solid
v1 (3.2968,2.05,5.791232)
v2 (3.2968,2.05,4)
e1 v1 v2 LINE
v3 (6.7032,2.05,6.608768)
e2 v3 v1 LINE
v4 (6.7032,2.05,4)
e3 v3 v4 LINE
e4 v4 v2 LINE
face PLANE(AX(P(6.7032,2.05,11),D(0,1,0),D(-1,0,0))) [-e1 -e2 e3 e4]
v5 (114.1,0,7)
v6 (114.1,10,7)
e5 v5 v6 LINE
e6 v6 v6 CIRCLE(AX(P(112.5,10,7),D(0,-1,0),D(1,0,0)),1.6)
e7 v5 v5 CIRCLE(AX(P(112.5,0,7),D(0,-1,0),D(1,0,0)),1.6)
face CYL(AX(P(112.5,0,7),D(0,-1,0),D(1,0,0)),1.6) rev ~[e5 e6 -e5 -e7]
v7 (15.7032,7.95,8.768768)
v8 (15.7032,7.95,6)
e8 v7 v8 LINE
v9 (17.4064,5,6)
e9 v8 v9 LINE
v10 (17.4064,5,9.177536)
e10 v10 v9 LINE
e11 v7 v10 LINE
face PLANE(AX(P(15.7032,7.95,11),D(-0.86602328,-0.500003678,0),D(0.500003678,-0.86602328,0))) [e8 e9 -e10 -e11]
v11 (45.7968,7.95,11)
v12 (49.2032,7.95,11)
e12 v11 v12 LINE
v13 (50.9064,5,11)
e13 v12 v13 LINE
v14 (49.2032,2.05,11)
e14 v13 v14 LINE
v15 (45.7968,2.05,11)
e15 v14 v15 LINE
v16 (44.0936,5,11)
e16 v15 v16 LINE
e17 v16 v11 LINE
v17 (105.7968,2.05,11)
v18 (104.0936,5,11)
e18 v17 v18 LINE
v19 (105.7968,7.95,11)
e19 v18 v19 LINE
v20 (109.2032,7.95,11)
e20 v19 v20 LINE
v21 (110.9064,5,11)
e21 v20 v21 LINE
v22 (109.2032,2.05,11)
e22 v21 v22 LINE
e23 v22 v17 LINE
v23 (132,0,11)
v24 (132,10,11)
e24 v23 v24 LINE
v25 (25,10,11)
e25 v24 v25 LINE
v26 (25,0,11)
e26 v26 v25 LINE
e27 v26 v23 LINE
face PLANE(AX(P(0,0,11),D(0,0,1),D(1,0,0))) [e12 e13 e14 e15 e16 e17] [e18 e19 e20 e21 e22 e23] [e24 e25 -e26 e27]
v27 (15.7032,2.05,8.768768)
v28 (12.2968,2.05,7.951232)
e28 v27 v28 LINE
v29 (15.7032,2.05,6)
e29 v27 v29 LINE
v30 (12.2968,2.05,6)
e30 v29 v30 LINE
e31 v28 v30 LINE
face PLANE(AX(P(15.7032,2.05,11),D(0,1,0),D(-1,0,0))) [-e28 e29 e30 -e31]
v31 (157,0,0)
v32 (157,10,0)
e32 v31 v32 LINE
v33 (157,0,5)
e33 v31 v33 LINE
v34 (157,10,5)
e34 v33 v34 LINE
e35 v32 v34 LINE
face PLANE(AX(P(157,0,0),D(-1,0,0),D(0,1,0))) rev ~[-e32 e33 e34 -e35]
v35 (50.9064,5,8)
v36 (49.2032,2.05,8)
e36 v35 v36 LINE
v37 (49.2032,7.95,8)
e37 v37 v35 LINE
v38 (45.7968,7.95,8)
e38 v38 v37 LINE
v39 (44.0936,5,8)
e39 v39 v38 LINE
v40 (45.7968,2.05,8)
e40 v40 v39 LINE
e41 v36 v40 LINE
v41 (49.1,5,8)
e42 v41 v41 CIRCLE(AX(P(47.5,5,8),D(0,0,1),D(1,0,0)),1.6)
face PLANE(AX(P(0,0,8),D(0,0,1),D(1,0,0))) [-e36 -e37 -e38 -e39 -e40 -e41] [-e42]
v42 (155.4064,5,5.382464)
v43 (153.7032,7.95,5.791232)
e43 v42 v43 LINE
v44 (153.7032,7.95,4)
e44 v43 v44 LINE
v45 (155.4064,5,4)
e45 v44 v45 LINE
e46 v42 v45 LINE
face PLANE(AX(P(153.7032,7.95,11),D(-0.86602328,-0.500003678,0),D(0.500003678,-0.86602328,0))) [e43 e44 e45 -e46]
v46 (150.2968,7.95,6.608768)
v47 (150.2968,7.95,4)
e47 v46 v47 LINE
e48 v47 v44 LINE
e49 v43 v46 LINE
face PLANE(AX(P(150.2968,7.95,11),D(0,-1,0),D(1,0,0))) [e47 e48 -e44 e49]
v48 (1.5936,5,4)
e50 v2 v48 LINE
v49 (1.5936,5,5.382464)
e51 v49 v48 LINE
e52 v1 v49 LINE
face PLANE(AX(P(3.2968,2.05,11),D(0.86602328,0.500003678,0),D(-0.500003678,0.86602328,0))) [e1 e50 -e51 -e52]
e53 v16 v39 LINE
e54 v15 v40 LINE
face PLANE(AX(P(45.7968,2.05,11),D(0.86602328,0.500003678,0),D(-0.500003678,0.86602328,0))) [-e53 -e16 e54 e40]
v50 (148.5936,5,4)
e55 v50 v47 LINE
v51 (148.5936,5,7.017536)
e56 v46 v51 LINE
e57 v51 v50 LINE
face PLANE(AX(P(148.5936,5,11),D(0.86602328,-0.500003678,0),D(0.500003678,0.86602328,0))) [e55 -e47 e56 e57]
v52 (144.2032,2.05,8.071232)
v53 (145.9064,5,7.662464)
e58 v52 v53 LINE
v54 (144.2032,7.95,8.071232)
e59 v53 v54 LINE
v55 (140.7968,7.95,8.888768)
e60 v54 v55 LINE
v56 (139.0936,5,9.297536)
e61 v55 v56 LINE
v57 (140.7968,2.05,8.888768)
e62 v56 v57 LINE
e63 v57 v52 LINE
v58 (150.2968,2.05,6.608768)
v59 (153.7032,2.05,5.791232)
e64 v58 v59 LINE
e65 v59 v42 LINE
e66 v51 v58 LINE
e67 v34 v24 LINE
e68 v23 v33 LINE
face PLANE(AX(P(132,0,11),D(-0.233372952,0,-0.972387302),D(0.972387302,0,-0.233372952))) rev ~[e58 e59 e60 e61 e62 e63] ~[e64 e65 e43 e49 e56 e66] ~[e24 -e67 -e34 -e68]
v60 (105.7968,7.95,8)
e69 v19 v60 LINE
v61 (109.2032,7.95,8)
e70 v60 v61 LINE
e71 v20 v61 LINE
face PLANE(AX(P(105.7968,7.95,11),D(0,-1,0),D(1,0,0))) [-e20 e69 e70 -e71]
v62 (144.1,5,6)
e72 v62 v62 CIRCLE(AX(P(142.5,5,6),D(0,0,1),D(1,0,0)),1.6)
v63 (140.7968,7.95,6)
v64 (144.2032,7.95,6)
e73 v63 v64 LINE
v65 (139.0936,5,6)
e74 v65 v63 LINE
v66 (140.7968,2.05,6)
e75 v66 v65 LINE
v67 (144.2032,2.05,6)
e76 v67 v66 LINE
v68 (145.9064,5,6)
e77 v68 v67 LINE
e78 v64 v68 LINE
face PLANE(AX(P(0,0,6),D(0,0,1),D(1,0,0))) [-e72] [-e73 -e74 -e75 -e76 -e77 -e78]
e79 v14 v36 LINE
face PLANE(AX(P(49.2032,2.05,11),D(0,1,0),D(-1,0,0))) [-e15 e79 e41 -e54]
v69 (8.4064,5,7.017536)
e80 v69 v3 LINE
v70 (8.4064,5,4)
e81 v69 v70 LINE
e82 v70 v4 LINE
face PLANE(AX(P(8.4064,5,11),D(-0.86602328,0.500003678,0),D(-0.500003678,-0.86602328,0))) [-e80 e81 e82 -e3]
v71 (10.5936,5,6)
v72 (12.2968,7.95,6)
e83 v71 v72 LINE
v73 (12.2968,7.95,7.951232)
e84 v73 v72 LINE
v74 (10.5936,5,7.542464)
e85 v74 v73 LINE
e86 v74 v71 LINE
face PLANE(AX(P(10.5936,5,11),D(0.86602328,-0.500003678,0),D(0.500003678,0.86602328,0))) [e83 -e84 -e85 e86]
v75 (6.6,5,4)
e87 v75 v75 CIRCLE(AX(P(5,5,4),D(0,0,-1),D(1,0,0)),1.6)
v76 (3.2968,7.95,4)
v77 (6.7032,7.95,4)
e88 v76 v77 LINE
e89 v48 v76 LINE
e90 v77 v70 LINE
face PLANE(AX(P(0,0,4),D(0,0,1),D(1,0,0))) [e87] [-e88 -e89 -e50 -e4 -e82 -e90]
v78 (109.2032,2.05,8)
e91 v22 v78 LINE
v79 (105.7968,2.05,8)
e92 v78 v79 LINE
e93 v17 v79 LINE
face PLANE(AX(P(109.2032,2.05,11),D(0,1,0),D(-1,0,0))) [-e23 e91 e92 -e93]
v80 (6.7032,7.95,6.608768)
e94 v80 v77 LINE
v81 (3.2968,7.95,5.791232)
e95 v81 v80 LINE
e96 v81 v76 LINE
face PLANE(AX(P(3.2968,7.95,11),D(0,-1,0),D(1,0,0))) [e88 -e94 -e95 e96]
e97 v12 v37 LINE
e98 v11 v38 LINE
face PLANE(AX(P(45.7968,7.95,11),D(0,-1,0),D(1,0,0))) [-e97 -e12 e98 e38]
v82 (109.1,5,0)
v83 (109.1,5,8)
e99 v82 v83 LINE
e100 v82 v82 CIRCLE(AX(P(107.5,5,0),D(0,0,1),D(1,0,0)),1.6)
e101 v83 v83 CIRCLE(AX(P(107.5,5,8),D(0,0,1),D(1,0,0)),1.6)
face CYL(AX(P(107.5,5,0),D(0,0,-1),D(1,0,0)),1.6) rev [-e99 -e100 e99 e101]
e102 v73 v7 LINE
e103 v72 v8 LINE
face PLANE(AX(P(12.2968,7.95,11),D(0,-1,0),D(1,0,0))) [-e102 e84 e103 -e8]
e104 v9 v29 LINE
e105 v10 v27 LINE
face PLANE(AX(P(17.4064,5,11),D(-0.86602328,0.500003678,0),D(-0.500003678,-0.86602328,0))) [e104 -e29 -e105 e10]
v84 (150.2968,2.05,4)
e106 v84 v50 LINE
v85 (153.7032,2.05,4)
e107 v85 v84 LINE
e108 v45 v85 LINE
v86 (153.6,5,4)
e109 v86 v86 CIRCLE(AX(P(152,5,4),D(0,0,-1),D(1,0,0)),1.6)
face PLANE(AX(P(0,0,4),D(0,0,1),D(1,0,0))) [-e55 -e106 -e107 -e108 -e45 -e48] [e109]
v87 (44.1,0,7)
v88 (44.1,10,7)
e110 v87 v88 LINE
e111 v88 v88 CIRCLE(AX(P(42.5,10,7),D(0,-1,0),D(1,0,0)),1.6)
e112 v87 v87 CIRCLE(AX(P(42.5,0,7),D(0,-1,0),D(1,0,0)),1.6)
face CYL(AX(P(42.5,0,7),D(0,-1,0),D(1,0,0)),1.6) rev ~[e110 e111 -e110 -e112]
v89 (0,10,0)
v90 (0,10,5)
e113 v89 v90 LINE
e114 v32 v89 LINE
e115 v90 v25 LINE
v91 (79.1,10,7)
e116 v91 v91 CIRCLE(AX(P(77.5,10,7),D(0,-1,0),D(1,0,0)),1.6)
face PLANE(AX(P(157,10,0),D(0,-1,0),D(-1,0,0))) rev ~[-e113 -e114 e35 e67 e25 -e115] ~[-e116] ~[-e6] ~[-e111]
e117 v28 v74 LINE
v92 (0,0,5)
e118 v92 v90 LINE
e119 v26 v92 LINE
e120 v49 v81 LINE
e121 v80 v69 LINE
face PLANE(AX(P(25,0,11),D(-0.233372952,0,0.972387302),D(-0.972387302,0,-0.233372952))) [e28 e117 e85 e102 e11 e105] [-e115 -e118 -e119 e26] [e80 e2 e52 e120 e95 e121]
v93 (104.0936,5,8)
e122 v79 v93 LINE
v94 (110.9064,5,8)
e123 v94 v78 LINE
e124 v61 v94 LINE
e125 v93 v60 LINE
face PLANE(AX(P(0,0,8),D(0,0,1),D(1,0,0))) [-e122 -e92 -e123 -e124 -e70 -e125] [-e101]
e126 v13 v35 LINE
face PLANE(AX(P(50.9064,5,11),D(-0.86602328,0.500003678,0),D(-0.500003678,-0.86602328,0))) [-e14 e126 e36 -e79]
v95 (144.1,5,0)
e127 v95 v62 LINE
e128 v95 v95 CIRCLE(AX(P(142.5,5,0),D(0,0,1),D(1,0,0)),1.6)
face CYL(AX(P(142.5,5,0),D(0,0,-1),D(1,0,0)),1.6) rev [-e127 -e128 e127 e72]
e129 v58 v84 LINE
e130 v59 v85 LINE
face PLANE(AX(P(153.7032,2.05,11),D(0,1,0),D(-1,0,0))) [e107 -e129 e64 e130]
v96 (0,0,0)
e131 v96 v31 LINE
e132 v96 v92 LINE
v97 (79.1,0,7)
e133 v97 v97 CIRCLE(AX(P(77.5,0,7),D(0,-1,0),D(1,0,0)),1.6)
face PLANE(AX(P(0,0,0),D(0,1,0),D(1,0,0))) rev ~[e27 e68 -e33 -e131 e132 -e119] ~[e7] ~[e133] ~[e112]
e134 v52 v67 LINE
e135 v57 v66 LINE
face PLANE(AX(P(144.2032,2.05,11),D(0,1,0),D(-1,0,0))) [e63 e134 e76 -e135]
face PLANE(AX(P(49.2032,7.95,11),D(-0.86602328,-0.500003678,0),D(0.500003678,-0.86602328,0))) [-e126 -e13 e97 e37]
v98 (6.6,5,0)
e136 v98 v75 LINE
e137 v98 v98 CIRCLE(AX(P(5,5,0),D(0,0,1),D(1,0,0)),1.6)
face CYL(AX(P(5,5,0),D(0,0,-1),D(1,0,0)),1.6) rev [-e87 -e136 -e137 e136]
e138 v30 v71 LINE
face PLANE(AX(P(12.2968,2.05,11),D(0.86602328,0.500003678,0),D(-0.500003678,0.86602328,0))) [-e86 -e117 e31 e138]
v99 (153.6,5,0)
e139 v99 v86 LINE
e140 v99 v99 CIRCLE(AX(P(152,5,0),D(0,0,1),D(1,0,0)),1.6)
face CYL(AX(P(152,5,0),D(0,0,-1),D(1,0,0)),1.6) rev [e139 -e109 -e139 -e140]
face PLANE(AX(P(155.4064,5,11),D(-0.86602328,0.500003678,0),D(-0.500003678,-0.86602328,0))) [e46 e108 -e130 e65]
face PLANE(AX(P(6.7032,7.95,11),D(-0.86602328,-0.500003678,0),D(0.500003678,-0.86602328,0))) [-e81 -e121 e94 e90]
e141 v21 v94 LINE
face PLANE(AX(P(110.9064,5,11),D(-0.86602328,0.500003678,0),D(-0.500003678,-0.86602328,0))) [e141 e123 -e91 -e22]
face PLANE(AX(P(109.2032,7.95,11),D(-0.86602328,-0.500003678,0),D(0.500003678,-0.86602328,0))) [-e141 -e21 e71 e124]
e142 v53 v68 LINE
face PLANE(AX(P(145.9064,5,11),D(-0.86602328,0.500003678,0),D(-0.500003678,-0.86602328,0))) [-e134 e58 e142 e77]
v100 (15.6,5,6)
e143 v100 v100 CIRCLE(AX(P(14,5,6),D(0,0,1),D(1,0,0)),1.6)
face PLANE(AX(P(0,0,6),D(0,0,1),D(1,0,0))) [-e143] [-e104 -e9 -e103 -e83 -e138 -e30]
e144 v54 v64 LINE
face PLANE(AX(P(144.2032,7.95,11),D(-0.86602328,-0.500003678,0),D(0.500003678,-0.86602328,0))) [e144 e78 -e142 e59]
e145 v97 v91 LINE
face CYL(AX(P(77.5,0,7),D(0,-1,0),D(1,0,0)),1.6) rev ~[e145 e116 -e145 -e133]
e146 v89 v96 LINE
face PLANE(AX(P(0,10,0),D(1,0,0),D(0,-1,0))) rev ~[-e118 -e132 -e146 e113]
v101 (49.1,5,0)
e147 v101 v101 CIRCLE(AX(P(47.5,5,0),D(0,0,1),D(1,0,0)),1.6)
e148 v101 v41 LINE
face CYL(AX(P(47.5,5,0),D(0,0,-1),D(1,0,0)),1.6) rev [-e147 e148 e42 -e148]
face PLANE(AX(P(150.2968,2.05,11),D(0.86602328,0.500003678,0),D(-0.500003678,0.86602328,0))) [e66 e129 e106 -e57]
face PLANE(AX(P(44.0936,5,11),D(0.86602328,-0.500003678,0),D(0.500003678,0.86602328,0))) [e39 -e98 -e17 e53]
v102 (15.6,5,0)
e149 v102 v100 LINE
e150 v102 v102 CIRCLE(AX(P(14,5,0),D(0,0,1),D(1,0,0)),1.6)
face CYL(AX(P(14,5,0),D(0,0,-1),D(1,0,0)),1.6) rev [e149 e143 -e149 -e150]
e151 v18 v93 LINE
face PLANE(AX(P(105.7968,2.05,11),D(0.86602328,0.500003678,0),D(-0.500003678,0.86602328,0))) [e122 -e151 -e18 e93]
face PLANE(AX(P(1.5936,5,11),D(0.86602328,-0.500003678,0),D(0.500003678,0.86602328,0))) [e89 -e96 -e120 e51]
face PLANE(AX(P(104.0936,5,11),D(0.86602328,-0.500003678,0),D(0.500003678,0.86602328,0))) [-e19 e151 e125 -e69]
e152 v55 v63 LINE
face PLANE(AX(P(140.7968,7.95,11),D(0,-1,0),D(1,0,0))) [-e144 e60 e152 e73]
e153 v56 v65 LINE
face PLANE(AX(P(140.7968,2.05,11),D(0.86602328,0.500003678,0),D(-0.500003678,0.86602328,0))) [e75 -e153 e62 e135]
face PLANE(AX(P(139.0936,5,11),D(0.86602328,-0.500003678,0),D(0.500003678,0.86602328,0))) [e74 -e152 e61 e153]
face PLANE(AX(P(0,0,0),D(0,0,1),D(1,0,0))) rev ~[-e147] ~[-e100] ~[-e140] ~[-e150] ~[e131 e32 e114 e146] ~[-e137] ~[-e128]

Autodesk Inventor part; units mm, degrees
ref_plane "YZ Plane" through (0, 0, 0) normal (1, 0, 0) x (0, 1, 0)
ref_plane "XZ Plane" through (0, 0, 0) normal (0, 1, 0) x (-1, 0, 0)
ref_plane "XY Plane" through (0, 0, 0) normal (0, 0, 1) x (1, 0, 0)
sketch "Sketch1" plane through (0, 0, 0) normal (0, 0, 1) x (1, 0, 0)
  line L0 (0, 0) -> (157, 0)
  line L1 (157, 0) -> (157, 10)
  line L2 (157, 10) -> (0, 10)
  line L3 (0, 10) -> (0, 0)
  circle A0 centre (47.5, 5) radius 1.6
  circle A1 centre (107.5, 5) radius 1.6
  circle A2 centre (152, 5) radius 1.6
  circle A3 centre (142.5, 5) radius 1.6
  circle A4 centre (5, 5) radius 1.6
  circle A5 centre (14, 5) radius 1.6
  dimension "d1" = 10
  dimension "d2" = 90
  dimension "d4" = 3.2
  dimension "d6" = 3.2
  dimension "d7" = 3.2
  dimension "d8" = 60
  dimension "d9" = 44.5
  dimension "d26" = 3.2
  dimension "d27" = 35
  dimension "d28" = 3.2
  dimension "d29" = 42.5
  dimension "d32" = 5
  dimension "d33" = 5
  dimension "d34" = 3.2
  dimension "d35" = 9
ref_plane "Work Plane2" through (0, 0, 0) normal (0, -1, 0) x (1, 0, 0)
sketch "Sketch2" plane through (0, 0, 0) normal (0, -1, 0) x (1, 0, 0)
  circle A0 centre (42.5, 7) radius 1.6
  circle A1 centre (112.5, 7) radius 1.6
  circle A2 centre (77.5, 7) radius 1.6
  dimension "d13" = 3.2
  dimension "d15" = 3.2
  dimension "d16" = 70
  dimension "d17" = 3.2
  dimension "d18" = 35
ref_plane "Work Plane1" through (0, 0, 11) normal (0, 0, 1) x (1, 0, 0)
extrude "Extrusion4" add sketch "Sketch1" along normal blind 11
extrude "Extrusion5" cut sketch "Sketch2" against normal up to next
sketch "Sketch7" plane through (0, 0, 0) normal (0, -1, 0) x (1, 0, 0)
  line L0 (0, 11) -> (0, 5)
  line L1 (0, 11) -> (25, 11)
  line L2 (25, 11) -> (0, 5)
  point P0 (0, 0)
extrude "Extrusion6" cut sketch "Sketch7" against normal up to next
sketch "Sketch8" plane through (0, 0, 0) normal (0, -1, 0) x (1, 0, 0)
  line L0 (157, 11) -> (25, 11) projected
  line L1 (157, 11) -> (157, 5)
  line L2 (157, 0) -> (157, 11) projected
  line L3 (157, 0) -> (157, 11) projected
  line L4 (157, 11) -> (132, 11)
  line L5 (25, 11) -> (157, 11) projected
  line L6 (132, 11) -> (157, 5)
  point P0 (0, 0)
extrude "Extrusion7" cut sketch "Sketch8" against normal up to next
sketch "Sketch5" plane through (0, 0, 11) normal (0, 0, 1) x (1, 0, 0)
  circle A0 centre (47.5, 5) radius 1.6 projected
  line L0 (50.9064, 5) -> (49.2032, 2.05)
  line L1 (49.2032, 2.05) -> (45.7968, 2.05)
  line L2 (45.7968, 2.05) -> (44.0936, 5)
  line L3 (44.0936, 5) -> (45.7968, 7.95)
  line L4 (45.7968, 7.95) -> (49.2032, 7.95)
  line L5 (49.2032, 7.95) -> (50.9064, 5)
  circle A1 centre (107.5, 5) radius 1.6 projected
  line L6 (110.9064, 5) -> (109.2032, 2.05)
  line L7 (109.2032, 2.05) -> (105.7968, 2.05)
  line L8 (105.7968, 2.05) -> (104.0936, 5)
  line L9 (104.0936, 5) -> (105.7968, 7.95)
  line L10 (105.7968, 7.95) -> (109.2032, 7.95)
  line L11 (109.2032, 7.95) -> (110.9064, 5)
  dimension "d44" = 5.9
  dimension "d45" = 5.9
sketch "Sketch9" plane through (0, 0, 11) normal (0, 0, 1) x (1, 0, 0)
  circle A0 centre (14, 5) radius 1.6 projected
  line L0 (17.4064, 5) -> (15.7032, 2.05)
  line L1 (15.7032, 2.05) -> (12.2968, 2.05)
  line L2 (12.2968, 2.05) -> (10.5936, 5)
  line L3 (10.5936, 5) -> (12.2968, 7.95)
  line L4 (12.2968, 7.95) -> (15.7032, 7.95)
  line L5 (15.7032, 7.95) -> (17.4064, 5)
  circle A1 centre (142.5, 5) radius 1.6 projected
  line L6 (145.9064, 5) -> (144.2032, 2.05)
  line L7 (144.2032, 2.05) -> (140.7968, 2.05)
  line L8 (140.7968, 2.05) -> (139.0936, 5)
  line L9 (139.0936, 5) -> (140.7968, 7.95)
  line L10 (140.7968, 7.95) -> (144.2032, 7.95)
  line L11 (144.2032, 7.95) -> (145.9064, 5)
  point P0 (0, 0)
  dimension "d51" = 5.9
  dimension "d52" = 5.9
sketch "Sketch10" plane through (0, 0, 11) normal (0, 0, 1) x (1, 0, 0)
  line L0 (8.4064, 5) -> (6.7032, 2.05)
  line L1 (6.7032, 2.05) -> (3.2968, 2.05)
  line L2 (3.2968, 2.05) -> (1.5936, 5)
  line L3 (1.5936, 5) -> (3.2968, 7.95)
  line L4 (3.2968, 7.95) -> (6.7032, 7.95)
  line L5 (6.7032, 7.95) -> (8.4064, 5)
  line L6 (155.4064, 5) -> (153.7032, 2.05)
  line L7 (153.7032, 2.05) -> (150.2968, 2.05)
  line L8 (150.2968, 2.05) -> (148.5936, 5)
  line L9 (148.5936, 5) -> (150.2968, 7.95)
  line L10 (150.2968, 7.95) -> (153.7032, 7.95)
  line L11 (153.7032, 7.95) -> (155.4064, 5)
  point P0 (0, 0)
  point P1 (5, 5)
  point P2 (152, 5)
  dimension "d53" = 5.9
  dimension "d54" = 5.9
extrude "Extrusion8" cut sketch "Sketch5" against normal blind 3
extrude "Extrusion9" cut sketch "Sketch9" against normal blind 5
extrude "Extrusion10" cut sketch "Sketch10" against normal blind 7
properties part number "new_wheel_support_v2"
